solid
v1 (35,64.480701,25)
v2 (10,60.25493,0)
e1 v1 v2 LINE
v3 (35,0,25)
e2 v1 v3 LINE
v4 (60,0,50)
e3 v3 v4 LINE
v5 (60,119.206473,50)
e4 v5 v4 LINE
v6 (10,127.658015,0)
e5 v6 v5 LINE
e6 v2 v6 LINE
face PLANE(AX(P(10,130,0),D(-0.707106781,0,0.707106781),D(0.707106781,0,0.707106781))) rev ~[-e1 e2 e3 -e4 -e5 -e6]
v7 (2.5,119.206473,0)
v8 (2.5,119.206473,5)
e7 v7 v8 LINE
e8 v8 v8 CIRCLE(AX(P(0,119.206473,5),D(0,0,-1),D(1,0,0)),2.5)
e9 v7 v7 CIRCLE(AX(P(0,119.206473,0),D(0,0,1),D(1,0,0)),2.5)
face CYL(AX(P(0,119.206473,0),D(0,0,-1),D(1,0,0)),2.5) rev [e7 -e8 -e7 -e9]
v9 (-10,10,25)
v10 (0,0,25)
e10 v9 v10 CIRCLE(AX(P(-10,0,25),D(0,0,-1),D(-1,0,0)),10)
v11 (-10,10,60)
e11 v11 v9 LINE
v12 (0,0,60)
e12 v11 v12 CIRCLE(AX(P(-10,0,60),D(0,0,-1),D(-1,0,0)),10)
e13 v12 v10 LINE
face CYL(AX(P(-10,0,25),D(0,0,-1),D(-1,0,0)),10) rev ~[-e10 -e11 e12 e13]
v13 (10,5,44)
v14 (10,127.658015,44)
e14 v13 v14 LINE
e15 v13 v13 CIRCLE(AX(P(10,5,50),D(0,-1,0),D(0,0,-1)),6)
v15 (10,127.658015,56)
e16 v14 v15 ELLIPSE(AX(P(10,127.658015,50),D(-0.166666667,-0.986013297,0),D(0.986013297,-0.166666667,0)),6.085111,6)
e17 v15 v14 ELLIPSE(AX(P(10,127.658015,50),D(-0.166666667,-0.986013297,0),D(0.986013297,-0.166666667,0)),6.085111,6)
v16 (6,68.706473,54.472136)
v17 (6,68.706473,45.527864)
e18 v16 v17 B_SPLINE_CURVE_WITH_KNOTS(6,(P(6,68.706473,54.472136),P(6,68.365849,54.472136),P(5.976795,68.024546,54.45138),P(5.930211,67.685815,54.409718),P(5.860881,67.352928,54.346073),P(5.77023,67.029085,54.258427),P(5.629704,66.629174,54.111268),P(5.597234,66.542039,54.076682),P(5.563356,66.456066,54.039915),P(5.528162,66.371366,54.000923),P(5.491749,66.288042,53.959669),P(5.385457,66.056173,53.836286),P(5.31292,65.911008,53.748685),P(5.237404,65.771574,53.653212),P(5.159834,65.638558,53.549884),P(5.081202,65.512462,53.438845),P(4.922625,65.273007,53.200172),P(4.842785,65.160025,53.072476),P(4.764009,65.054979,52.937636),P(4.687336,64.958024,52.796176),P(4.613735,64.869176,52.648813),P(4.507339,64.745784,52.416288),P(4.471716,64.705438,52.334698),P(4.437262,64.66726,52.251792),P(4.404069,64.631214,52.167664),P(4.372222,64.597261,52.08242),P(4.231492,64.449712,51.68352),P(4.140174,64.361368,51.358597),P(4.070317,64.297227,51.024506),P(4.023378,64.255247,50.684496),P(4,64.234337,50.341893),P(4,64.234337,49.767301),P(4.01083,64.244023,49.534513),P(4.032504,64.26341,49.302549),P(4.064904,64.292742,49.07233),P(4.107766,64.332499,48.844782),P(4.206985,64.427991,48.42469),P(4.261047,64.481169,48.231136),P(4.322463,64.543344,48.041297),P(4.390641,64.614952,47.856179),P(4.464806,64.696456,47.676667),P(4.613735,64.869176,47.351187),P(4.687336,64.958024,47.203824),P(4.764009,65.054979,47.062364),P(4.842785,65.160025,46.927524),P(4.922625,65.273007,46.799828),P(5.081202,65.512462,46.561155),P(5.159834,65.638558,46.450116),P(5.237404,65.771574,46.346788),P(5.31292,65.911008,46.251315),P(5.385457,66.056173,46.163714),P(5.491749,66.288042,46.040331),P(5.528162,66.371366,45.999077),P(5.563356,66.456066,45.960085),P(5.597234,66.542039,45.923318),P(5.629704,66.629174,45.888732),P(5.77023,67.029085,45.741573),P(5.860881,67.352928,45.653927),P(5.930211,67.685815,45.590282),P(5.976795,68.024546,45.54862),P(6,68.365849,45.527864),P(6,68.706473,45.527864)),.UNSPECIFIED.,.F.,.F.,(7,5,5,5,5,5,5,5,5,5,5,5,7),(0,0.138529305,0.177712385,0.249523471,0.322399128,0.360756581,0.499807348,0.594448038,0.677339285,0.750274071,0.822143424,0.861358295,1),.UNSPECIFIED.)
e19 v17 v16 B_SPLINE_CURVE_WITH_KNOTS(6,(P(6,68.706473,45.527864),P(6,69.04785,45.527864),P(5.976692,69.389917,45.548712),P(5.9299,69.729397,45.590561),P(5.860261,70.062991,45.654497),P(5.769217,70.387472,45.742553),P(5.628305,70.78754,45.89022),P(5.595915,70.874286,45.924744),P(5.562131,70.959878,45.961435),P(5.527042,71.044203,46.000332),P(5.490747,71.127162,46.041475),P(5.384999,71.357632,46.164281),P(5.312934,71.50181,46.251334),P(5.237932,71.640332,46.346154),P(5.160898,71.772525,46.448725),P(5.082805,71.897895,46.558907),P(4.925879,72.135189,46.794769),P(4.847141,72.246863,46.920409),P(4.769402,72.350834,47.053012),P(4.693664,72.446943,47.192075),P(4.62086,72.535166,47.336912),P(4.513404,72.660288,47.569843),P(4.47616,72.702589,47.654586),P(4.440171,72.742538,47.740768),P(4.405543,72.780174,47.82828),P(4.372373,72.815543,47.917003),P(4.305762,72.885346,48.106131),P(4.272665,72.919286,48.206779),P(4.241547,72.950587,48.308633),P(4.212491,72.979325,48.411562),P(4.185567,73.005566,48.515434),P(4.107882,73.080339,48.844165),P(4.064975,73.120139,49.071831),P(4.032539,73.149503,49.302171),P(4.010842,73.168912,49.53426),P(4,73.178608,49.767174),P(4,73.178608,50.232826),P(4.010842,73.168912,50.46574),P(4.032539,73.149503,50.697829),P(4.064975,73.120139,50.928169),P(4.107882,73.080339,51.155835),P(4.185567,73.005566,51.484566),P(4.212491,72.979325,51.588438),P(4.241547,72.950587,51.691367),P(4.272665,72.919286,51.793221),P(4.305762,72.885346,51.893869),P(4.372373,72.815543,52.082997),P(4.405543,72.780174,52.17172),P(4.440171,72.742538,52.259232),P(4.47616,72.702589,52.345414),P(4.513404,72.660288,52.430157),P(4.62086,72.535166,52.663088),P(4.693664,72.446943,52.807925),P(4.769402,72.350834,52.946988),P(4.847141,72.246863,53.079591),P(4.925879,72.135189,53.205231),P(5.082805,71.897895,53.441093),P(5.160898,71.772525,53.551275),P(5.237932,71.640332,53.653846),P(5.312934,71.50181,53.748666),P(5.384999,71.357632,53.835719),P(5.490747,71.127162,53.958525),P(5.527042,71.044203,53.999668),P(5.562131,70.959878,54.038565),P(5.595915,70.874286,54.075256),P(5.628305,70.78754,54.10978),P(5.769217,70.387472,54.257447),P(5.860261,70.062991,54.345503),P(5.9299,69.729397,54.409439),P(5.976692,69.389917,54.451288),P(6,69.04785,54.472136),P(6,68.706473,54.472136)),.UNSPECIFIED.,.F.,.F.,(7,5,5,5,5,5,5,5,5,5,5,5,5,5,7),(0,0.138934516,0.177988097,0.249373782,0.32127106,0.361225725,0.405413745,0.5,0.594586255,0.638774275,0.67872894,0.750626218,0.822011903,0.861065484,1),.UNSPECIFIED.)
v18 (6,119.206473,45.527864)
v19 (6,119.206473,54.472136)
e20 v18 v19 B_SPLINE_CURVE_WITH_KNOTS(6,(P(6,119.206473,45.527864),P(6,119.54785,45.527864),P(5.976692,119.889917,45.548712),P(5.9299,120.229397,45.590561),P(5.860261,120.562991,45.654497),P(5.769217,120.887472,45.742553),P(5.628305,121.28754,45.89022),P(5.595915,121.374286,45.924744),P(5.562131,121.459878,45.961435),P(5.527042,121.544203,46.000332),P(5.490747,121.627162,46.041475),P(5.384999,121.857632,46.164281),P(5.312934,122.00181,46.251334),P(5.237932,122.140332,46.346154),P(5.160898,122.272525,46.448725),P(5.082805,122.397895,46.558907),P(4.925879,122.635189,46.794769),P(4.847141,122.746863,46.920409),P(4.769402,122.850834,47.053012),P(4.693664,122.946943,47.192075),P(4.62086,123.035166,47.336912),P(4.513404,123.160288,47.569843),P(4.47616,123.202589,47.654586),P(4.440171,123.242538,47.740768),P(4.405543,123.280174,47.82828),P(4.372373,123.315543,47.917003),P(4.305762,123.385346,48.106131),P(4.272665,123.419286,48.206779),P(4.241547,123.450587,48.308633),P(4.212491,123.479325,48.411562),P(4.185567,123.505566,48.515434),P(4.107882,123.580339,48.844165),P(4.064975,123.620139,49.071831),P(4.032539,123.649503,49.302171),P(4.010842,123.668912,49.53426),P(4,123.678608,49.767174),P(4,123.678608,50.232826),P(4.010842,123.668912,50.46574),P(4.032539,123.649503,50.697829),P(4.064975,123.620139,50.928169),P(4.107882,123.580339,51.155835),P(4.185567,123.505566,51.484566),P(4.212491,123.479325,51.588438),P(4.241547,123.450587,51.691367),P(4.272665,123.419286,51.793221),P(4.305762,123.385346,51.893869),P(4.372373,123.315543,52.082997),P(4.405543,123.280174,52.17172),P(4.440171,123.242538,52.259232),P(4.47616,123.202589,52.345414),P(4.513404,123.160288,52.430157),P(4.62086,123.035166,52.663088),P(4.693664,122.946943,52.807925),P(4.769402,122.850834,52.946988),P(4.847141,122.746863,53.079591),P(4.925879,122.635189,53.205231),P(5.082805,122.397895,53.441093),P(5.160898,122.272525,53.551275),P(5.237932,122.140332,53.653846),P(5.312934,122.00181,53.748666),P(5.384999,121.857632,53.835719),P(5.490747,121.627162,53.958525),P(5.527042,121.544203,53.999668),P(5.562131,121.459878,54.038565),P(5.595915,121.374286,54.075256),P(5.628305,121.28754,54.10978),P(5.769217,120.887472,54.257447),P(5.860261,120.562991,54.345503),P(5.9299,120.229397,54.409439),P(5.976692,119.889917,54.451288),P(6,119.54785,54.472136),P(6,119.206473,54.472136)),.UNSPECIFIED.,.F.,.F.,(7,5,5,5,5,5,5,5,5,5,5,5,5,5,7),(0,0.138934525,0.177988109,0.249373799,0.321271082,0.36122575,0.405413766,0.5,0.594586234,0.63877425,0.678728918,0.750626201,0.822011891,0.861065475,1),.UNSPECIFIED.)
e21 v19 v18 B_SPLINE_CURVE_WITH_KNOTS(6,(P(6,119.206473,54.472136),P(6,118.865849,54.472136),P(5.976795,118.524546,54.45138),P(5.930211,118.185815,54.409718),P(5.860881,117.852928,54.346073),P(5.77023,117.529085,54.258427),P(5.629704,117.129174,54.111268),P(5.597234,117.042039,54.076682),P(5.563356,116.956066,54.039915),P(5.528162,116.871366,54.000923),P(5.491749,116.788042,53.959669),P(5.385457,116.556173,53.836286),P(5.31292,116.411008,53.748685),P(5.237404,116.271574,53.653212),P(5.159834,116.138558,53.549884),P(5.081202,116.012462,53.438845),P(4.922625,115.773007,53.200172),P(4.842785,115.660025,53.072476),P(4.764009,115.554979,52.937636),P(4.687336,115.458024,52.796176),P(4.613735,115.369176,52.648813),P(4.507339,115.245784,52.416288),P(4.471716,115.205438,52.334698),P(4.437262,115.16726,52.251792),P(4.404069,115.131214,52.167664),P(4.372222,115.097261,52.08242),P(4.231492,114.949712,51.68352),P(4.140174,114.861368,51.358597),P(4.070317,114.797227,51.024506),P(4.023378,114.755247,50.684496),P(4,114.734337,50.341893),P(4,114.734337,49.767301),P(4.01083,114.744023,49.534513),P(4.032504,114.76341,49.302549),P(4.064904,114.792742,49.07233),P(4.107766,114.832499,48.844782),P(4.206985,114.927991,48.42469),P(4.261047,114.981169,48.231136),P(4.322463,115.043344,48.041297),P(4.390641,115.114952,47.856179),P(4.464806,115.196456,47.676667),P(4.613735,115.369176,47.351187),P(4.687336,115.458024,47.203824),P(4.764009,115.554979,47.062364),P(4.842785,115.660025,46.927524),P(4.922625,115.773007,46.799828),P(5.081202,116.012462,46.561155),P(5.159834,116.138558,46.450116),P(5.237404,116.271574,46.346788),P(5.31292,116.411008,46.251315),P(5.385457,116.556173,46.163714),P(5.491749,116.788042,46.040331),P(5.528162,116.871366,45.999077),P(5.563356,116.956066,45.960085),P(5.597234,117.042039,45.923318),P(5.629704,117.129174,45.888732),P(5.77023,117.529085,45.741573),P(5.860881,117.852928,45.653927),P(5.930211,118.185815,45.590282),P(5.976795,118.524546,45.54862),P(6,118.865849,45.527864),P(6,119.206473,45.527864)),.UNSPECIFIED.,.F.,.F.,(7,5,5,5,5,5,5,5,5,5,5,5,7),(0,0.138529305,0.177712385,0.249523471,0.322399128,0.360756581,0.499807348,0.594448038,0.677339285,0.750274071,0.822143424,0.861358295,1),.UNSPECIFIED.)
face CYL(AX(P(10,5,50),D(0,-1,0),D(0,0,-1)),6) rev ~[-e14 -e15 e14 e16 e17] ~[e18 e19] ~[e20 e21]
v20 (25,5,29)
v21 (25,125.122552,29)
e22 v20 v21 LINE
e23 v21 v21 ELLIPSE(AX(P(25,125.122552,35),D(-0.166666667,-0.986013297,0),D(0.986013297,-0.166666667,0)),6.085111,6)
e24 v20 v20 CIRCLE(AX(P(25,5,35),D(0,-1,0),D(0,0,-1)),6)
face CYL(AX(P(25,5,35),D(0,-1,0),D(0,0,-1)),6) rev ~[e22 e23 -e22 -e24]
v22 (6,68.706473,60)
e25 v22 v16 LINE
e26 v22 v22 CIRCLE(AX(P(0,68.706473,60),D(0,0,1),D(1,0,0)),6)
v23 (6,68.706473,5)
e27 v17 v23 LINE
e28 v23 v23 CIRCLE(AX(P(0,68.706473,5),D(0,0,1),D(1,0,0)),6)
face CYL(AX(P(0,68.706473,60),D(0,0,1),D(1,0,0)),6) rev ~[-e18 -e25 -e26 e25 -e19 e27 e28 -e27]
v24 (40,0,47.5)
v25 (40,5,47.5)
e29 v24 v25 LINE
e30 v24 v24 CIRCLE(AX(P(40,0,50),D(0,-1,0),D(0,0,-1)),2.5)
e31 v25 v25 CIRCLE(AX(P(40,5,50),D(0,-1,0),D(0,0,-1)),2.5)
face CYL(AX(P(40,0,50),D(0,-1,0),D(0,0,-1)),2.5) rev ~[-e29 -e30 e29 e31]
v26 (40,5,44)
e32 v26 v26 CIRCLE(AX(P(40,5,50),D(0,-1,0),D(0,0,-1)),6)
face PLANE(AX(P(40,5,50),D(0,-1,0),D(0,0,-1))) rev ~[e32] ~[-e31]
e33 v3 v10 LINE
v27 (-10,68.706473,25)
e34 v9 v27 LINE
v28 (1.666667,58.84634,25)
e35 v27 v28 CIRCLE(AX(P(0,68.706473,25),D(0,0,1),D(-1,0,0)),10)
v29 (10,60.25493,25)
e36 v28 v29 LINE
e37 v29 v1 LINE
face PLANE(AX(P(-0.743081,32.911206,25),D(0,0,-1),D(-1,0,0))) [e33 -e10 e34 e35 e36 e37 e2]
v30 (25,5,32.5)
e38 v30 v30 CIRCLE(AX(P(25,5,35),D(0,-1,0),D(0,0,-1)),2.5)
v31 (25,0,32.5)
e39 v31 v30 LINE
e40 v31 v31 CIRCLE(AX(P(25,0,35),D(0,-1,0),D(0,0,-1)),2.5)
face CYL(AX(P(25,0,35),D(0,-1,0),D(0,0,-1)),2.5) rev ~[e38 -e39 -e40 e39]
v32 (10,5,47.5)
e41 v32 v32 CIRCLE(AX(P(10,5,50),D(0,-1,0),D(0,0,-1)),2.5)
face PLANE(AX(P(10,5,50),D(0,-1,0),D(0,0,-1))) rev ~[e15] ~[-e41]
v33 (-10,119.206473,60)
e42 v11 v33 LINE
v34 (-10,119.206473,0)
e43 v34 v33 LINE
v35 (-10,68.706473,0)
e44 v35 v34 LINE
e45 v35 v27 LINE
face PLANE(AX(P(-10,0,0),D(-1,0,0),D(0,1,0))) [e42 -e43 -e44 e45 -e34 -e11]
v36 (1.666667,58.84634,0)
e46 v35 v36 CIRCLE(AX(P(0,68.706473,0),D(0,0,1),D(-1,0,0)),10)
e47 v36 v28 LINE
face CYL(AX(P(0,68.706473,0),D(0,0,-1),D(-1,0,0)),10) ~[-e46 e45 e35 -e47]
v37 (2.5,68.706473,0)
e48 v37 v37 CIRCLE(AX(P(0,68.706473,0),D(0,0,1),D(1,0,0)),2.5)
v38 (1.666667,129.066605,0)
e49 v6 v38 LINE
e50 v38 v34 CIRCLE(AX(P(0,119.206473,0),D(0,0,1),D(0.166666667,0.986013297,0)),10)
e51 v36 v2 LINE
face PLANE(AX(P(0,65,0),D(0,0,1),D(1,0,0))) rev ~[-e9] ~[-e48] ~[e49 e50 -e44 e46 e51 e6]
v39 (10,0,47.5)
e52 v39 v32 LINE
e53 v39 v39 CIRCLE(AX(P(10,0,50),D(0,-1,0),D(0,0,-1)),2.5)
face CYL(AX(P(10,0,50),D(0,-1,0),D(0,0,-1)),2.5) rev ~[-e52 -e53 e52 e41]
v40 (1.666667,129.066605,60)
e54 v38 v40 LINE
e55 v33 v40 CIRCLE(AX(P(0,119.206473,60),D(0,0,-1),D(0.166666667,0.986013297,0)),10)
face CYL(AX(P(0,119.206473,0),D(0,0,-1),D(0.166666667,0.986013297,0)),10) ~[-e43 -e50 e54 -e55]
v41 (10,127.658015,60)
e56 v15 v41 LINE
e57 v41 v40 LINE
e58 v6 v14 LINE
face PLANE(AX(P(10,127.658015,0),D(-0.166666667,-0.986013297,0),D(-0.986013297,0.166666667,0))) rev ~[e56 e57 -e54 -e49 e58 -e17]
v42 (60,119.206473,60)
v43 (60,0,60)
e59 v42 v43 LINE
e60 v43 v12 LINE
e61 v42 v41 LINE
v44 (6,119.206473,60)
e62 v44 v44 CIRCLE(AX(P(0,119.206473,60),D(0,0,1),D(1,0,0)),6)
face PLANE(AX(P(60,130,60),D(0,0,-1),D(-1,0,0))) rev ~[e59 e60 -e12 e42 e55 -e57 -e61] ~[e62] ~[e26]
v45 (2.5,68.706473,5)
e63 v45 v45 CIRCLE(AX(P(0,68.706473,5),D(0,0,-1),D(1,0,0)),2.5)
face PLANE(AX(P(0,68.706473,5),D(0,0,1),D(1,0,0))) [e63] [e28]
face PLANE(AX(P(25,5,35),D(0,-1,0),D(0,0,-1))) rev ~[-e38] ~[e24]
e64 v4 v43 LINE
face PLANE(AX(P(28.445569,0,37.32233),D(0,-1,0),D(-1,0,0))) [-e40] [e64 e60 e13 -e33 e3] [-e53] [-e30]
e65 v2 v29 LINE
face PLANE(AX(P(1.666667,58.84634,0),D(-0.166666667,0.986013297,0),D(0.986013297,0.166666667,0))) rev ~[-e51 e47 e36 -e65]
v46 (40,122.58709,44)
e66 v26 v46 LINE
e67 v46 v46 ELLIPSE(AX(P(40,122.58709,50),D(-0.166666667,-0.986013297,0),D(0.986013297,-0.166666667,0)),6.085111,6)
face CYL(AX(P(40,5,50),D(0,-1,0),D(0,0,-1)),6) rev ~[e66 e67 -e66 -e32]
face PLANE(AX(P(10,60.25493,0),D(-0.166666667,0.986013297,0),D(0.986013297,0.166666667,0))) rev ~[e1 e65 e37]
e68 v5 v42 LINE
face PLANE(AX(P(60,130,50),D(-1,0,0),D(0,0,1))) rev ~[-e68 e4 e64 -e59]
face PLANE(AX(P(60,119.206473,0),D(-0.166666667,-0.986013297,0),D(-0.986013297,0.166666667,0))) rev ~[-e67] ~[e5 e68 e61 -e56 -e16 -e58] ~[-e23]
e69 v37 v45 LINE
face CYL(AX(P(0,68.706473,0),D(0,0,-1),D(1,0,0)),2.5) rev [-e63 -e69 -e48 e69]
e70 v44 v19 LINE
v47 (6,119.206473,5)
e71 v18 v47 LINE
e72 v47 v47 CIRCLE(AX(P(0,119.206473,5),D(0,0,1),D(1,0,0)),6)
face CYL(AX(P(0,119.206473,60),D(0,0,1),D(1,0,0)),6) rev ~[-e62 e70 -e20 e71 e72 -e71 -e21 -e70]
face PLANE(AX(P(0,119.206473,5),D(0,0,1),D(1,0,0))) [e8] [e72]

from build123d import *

# Parameters (mm, degrees)
SKETCH1_W           = 20
SKETCH1_H           = 130
SKETCH1_R           = 2.5
BOSS_EXTRUDE1_DEPTH = 60
BOSS_EXTRUDE2_DEPTH = 130
CUT_EXTRUDE2_DEPTH  = 156.241746963
CUT_EXTRUDE3_DEPTH  = 25
SKETCH5_R           = 10
CUT_EXTRUDE4_DEPTH  = 147.694623422
SKETCH6_R           = 6
CUT_EXTRUDE8_DEPTH  = 55
SKETCH7_R           = 2.5
CUT_EXTRUDE9_DEPTH  = 5
SKETCH9_R           = 6
CUT_EXTRUDE10_DEPTH = 151.423561372


with BuildPart() as part:
    # Sketch1 → Boss-Extrude1 (new body)
    with BuildSketch(Plane.XY):
        with Locations((0, 65)):
            Rectangle(SKETCH1_W, SKETCH1_H)
        with Locations((0, 119.20647252)):
            Circle(SKETCH1_R, mode=Mode.SUBTRACT)
        with Locations((0, 68.70647252)):
            Circle(SKETCH1_R, mode=Mode.SUBTRACT)
    extrude(amount=BOSS_EXTRUDE1_DEPTH)

    # Sketch2 → Boss-Extrude2 (add)
    with BuildSketch(Plane(origin=(0, 130, 0), x_dir=(1, 0, 0), z_dir=(0, 1, 0))):
        Polygon((10, 0), (60, -50), (60, -60), (10, -60), align=None)
    extrude(amount=-BOSS_EXTRUDE2_DEPTH)

    # Sketch4 → Cut-Extrude2 (cut, through all)
    with BuildSketch(Plane(origin=(0, 0, 0), x_dir=(-1, 0, 0), z_dir=(0, 0, -1))):
        with BuildLine():
            ThreePointArc((-1.666666667, 129.066605492), (6.454972244, 126.844098678), (10, 119.20647252))
            Line((10, 119.20647252), (10, 130))
            Line((10, 130), (-10, 130))
            Line((-10, 130), (-10, 127.658015067))
            Line((-10, 127.658015067), (-1.666666667, 129.066605492))
        make_face()
        Polygon((-60, 130), (-60, 119.20647252), (-10, 127.658015067), (-10, 130), align=None)
    extrude(amount=-CUT_EXTRUDE2_DEPTH, mode=Mode.SUBTRACT)

    # Sketch4<5> → Cut-Extrude3 (cut)
    with BuildSketch(Plane(origin=(0, 0, 0), x_dir=(-1, 0, 0), z_dir=(0, 0, -1))):
        with BuildLine():
            Line((10, 0), (10, 68.70647252))
            ThreePointArc((10, 68.70647252), (6.454972244, 61.068846362), (-1.666666667, 58.846339548))
            Line((-1.666666667, 58.846339548), (-10, 60.254929973))
            Line((-10, 60.254929973), (-10, 0))
            Line((-10, 0), (10, 0))
        make_face()
        Polygon((-10, 60.254929973), (-60, 68.70647252), (-60, 0), (-10, 0), align=None)
    extrude(amount=-CUT_EXTRUDE3_DEPTH, mode=Mode.SUBTRACT)

    # Sketch5 → Cut-Extrude4 (cut, through all)
    with BuildSketch(Plane(origin=(0, 0, 25), x_dir=(-1, 0, 0), z_dir=(0, 0, -1))):
        with Locations((10, 0)):
            Circle(SKETCH5_R)
    extrude(amount=-CUT_EXTRUDE4_DEPTH, mode=Mode.SUBTRACT)

    # Sketch6 → Cut-Extrude8 (cut)
    with BuildSketch(Plane.XY.offset(60)):
        with Locations((0, 119.20647252)):
            Circle(SKETCH6_R)
        with Locations((0, 68.70647252)):
            Circle(SKETCH6_R)
    extrude(amount=-CUT_EXTRUDE8_DEPTH, mode=Mode.SUBTRACT)

    # Sketch7 → Cut-Extrude9 (cut)
    with BuildSketch(Plane.XZ):
        with Locations(Location((10, 50, 0), (0, 0, 270))):
            Circle(SKETCH7_R)
        with Locations(Location((40, 50, 0), (0, 0, 270))):
            Circle(SKETCH7_R)
        with Locations(Location((25, 35, 0), (0, 0, 270))):
            Circle(SKETCH7_R)
    extrude(amount=-CUT_EXTRUDE9_DEPTH, mode=Mode.SUBTRACT)

    # Sketch9 → Cut-Extrude10 (cut, through all)
    with BuildSketch(Plane.XZ.offset(-5)):
        with Locations(Location((10, 50, 0), (0, 0, 270))):
            Circle(SKETCH9_R)
        with Locations(Location((25, 35, 0), (0, 0, 270))):
            Circle(SKETCH9_R)
        with Locations(Location((40, 50, 0), (0, 0, 270))):
            Circle(SKETCH9_R)
    extrude(amount=-CUT_EXTRUDE10_DEPTH, mode=Mode.SUBTRACT)


solid = part.part
